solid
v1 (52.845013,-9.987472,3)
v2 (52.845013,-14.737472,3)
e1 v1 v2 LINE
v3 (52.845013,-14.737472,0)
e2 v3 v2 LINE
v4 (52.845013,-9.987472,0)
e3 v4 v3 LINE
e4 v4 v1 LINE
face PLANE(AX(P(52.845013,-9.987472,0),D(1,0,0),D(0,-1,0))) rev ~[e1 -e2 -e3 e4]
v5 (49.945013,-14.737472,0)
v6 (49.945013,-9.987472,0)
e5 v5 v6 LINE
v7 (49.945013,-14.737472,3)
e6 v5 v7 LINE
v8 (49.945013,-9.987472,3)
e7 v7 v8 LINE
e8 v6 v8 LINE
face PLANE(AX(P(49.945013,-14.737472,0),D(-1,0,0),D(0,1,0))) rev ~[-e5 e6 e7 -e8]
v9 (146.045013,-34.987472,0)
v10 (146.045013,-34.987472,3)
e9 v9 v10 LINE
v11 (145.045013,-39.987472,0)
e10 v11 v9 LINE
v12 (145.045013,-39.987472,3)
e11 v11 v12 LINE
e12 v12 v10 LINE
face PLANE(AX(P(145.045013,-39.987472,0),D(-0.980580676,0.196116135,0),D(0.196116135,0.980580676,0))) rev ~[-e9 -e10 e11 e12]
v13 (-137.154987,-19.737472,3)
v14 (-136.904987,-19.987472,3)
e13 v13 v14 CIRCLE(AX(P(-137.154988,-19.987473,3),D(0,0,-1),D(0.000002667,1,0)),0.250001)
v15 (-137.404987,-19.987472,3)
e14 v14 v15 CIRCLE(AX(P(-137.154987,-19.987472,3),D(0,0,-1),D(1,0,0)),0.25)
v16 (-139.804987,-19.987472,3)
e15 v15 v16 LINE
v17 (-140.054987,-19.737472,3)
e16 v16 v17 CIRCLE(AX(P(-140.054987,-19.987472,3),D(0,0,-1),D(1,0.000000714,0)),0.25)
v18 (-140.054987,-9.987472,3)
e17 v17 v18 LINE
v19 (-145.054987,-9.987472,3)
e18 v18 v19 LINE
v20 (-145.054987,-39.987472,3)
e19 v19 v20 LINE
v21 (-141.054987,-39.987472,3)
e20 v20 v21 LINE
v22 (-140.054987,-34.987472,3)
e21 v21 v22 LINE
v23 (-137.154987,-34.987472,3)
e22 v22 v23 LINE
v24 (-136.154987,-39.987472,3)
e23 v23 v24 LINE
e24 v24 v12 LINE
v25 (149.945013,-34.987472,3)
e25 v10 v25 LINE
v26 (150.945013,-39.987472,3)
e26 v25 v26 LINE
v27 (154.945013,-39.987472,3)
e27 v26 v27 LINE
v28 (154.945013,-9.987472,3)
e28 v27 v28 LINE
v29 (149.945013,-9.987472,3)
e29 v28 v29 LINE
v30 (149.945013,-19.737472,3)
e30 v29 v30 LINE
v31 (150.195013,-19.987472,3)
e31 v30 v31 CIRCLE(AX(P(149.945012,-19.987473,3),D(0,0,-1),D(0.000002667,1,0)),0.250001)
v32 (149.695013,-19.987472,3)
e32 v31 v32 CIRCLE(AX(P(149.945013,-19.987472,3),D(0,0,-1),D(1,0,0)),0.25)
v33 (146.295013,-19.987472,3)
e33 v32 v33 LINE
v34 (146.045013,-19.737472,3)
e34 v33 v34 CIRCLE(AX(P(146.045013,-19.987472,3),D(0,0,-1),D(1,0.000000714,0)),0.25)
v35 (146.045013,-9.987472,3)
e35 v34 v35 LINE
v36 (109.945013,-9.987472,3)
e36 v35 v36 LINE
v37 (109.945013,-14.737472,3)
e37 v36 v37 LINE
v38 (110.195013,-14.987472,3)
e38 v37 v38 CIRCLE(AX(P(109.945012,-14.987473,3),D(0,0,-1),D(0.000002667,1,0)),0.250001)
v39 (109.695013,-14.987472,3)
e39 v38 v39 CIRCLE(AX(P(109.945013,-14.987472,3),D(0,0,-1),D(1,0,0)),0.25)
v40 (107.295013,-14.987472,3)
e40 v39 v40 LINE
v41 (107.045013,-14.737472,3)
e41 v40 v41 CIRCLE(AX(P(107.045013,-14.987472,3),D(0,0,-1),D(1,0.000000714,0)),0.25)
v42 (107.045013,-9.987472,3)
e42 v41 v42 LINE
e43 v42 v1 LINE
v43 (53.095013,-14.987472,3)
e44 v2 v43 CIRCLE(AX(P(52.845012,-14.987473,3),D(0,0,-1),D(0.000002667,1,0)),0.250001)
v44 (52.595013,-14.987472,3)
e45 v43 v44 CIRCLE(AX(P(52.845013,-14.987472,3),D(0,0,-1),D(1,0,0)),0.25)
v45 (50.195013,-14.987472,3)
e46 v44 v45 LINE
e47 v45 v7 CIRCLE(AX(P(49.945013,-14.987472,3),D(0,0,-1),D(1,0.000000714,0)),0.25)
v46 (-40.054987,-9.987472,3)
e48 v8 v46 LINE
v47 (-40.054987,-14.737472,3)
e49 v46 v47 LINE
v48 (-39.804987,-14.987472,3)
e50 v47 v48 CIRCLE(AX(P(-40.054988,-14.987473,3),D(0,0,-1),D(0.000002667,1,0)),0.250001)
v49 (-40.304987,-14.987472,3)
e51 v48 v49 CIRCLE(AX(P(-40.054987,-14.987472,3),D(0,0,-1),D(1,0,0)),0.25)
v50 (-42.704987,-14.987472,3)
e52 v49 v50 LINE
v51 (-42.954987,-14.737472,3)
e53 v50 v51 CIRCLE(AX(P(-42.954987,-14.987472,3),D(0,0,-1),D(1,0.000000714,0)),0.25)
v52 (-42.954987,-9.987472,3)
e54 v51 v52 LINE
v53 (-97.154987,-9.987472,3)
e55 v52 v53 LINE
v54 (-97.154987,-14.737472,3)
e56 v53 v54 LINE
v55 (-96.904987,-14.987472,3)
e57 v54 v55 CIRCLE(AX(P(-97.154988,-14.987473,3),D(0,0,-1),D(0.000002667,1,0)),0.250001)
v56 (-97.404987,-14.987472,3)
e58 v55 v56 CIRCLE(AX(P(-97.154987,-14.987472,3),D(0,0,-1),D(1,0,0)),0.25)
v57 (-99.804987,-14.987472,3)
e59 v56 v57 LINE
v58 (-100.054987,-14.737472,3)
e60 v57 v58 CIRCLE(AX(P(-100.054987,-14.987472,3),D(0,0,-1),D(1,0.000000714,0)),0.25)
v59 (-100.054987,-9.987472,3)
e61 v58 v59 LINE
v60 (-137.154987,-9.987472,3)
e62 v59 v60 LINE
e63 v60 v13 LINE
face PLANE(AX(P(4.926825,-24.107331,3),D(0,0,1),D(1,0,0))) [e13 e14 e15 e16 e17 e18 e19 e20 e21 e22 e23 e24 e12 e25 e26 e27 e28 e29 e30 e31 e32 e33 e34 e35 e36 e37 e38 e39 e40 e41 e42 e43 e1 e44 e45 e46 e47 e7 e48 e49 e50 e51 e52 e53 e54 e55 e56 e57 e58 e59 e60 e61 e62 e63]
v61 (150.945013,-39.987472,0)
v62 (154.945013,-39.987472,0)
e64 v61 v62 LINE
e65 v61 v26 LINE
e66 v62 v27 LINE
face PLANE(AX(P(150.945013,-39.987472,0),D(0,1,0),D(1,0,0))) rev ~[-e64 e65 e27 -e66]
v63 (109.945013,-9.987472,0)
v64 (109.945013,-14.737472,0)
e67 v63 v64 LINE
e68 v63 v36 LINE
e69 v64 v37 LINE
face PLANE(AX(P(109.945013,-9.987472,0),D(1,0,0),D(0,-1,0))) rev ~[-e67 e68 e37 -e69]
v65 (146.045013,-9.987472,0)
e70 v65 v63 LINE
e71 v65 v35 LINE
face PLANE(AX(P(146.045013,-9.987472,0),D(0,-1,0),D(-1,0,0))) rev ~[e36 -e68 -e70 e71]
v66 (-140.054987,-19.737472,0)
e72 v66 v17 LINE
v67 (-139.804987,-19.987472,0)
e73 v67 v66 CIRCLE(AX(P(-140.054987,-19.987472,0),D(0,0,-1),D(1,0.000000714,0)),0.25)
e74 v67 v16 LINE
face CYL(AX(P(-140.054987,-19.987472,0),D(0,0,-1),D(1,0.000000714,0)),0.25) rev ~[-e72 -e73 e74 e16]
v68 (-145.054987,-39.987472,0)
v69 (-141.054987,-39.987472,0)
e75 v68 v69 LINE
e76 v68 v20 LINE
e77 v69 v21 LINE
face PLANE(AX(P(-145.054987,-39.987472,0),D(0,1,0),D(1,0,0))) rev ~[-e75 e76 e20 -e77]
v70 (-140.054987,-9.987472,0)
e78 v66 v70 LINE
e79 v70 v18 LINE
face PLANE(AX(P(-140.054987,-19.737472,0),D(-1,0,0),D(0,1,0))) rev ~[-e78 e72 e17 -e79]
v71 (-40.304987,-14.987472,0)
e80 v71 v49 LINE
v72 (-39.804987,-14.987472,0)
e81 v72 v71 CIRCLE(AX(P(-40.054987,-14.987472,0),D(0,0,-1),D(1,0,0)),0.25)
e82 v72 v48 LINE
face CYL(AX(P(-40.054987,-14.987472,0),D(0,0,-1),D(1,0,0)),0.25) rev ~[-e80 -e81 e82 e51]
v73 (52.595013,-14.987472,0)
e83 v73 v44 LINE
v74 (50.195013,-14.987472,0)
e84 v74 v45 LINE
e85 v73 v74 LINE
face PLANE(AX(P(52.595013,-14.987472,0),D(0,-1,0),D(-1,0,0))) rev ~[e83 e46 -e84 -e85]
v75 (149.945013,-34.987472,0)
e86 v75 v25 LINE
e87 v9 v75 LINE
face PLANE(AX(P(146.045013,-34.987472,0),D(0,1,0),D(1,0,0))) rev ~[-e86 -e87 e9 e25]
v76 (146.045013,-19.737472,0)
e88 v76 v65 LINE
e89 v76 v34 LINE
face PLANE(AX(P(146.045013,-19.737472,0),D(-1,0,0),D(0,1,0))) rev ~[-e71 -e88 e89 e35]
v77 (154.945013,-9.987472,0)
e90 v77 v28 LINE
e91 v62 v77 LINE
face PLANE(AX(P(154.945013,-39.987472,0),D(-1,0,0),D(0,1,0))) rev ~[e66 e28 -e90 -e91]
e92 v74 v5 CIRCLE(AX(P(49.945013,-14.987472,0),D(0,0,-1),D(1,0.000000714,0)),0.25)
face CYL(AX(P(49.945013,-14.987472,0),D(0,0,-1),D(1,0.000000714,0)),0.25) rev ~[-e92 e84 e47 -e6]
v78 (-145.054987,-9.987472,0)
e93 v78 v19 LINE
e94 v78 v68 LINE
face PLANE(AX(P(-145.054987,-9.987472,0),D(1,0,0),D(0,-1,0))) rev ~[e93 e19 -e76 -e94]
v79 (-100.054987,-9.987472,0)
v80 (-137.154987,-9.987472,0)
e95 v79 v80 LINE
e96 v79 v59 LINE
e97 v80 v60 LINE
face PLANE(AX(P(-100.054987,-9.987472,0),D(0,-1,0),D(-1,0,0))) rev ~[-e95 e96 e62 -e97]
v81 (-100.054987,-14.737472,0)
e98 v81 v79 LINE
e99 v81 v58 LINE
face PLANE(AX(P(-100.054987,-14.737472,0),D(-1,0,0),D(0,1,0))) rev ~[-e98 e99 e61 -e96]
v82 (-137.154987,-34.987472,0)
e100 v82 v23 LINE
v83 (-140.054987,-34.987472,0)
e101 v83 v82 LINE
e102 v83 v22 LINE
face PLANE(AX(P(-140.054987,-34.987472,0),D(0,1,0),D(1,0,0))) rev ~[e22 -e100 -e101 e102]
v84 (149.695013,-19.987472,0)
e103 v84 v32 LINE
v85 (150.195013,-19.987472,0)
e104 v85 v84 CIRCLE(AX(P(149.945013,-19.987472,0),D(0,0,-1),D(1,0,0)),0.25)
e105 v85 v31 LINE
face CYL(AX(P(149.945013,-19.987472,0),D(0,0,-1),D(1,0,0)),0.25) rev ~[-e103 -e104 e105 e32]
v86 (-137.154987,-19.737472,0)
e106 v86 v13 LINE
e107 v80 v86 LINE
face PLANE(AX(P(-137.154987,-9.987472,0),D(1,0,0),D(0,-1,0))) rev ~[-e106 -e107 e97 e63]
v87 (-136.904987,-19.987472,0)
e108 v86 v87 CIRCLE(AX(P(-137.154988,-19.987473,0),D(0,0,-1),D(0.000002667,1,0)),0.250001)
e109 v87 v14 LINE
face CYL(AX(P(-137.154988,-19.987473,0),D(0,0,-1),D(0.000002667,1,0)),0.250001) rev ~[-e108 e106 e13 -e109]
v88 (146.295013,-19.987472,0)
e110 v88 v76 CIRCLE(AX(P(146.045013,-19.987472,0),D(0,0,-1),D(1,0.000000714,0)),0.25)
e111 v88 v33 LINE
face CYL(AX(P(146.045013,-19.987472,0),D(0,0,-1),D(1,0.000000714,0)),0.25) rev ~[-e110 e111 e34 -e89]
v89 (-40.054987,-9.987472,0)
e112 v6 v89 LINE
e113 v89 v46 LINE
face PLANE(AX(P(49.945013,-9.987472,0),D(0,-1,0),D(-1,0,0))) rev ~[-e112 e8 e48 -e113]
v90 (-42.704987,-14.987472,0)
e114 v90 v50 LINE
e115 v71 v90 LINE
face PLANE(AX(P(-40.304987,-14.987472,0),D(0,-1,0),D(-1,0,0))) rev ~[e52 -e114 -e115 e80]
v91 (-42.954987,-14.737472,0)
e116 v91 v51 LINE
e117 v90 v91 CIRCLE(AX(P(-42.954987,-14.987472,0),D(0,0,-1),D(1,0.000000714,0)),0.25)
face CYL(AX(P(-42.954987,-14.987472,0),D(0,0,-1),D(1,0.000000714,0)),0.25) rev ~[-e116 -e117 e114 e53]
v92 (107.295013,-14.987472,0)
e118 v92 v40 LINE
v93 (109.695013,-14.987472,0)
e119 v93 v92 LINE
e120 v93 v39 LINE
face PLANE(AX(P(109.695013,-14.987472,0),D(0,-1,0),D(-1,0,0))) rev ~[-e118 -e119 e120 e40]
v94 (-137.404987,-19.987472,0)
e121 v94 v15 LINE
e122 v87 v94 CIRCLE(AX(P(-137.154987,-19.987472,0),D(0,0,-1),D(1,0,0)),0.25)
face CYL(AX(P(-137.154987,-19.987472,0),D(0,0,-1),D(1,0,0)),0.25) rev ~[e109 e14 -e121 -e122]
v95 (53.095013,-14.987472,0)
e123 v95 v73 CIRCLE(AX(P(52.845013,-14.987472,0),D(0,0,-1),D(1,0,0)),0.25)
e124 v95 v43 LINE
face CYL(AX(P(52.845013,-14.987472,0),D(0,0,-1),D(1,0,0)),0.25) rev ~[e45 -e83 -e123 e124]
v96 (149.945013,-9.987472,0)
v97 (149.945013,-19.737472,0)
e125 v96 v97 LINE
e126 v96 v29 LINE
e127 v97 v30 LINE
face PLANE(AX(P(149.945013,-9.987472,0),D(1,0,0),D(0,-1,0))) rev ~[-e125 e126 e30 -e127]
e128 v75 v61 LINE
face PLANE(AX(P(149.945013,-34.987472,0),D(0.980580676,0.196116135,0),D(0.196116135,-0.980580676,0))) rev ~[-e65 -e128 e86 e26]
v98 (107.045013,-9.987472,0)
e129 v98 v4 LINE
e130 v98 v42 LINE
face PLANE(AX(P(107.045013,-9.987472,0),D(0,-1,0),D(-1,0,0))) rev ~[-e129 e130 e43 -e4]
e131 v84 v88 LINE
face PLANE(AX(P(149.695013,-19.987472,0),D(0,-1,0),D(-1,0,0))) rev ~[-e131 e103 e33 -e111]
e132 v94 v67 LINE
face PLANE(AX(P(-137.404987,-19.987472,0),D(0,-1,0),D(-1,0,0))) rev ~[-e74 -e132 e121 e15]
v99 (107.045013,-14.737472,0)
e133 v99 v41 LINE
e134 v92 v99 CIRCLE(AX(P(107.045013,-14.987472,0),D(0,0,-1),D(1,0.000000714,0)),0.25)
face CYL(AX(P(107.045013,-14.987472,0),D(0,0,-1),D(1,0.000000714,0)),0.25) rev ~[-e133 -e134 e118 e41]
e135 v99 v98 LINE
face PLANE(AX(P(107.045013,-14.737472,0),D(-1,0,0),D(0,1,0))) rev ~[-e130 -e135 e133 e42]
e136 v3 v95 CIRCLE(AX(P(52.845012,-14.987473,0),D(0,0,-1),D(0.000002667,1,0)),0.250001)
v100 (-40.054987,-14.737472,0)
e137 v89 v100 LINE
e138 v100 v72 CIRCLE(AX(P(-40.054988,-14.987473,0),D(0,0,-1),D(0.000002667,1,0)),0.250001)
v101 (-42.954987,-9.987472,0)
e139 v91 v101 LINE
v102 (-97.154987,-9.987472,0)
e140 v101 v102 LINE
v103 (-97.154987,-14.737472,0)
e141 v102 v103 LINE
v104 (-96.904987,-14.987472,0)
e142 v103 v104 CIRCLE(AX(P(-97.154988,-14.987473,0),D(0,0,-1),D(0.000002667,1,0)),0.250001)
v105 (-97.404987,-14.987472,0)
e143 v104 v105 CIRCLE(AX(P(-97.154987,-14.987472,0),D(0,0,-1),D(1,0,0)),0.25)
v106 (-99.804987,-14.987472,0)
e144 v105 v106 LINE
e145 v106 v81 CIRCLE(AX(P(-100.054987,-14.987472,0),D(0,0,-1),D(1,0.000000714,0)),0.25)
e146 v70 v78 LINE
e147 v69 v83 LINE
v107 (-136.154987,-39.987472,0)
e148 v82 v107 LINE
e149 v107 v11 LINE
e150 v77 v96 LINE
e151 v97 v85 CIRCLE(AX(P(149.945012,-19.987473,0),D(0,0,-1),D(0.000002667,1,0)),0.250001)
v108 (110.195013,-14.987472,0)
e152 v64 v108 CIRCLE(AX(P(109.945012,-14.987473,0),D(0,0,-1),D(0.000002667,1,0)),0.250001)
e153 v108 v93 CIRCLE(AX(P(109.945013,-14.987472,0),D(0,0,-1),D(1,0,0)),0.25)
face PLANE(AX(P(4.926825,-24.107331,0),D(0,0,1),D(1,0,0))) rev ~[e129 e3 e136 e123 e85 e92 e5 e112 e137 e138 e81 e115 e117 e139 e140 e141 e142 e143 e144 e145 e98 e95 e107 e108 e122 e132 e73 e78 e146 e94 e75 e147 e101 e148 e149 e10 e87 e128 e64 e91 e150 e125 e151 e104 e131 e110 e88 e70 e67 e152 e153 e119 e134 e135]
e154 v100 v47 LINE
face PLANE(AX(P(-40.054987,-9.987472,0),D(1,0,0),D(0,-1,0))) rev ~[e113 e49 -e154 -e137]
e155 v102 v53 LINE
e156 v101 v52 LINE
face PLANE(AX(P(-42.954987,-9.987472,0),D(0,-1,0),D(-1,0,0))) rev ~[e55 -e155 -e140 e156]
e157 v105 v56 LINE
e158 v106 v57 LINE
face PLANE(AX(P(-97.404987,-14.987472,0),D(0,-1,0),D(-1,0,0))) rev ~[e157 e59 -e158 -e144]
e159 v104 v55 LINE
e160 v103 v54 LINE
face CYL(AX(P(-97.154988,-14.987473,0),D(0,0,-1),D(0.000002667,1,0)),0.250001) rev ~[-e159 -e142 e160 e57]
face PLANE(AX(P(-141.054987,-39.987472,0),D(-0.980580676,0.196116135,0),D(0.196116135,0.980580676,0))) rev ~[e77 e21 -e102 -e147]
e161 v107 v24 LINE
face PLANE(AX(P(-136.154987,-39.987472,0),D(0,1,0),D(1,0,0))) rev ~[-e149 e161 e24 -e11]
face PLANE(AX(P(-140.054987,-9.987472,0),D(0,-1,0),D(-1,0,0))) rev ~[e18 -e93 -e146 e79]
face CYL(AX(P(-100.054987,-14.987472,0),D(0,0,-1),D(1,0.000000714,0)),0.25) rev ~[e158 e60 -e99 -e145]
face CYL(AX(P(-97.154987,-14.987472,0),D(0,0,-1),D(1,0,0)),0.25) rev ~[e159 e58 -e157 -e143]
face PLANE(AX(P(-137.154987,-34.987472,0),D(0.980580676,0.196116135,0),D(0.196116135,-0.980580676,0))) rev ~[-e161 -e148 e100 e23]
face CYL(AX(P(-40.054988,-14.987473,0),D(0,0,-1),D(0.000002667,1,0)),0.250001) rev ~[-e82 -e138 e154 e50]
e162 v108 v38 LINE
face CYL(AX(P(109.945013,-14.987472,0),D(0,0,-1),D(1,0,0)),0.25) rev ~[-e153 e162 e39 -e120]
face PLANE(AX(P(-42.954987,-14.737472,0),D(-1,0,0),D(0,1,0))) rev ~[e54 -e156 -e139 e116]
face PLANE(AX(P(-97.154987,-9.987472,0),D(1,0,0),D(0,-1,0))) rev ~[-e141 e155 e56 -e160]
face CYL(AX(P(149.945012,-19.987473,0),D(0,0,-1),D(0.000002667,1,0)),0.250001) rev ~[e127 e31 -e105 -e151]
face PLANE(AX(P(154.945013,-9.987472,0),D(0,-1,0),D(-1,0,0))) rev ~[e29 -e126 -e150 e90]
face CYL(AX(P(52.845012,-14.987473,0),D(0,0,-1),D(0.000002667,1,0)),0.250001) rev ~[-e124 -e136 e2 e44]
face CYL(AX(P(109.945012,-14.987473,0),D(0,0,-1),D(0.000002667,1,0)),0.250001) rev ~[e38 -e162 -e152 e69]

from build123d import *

# Parameters (mm, degrees)
F1_DEPTH = 3


with BuildPart() as f1:
    # F0 (on Top) → F1 (new body)
    with BuildSketch(Plane.XY):
        with BuildLine():
            Line((-140.054987, -9.987472), (-145.054987, -9.987472))
            Line((-145.054987, -9.987472), (-145.054987, -39.987472))
            Line((-145.054987, -39.987472), (-141.054987, -39.987472))
            Line((-141.054987, -39.987472), (-140.054987, -34.987472))
            Line((-140.054987, -34.987472), (-137.154987, -34.987472))
            Line((-137.154987, -34.987472), (-136.154987, -39.987472))
            Line((-136.154987, -39.987472), (145.045013, -39.987472))
            Line((145.045013, -39.987472), (146.045013, -34.987472))
            Line((146.045013, -34.987472), (149.945013, -34.987472))
            Line((149.945013, -34.987472), (150.945013, -39.987472))
            Line((150.945013, -39.987472), (154.945013, -39.987472))
            Line((154.945013, -39.987472), (154.945013, -9.987472))
            Line((154.945013, -9.987472), (149.945013, -9.987472))
            Line((149.945013, -9.987472), (149.945013, -19.737472))
            ThreePointArc((149.945013, -19.737472), (150.121789, -19.810695), (150.195013, -19.987472))
            ThreePointArc((150.195013, -19.987472), (149.945013, -20.237472), (149.695013, -19.987472))
            Line((149.695013, -19.987472), (146.295013, -19.987472))
            ThreePointArc((146.295013, -19.987472), (145.868236, -20.164249), (146.045013, -19.737472))
            Line((146.045013, -19.737472), (146.045013, -9.987472))
            Line((146.045013, -9.987472), (109.945013, -9.987472))
            Line((109.945013, -9.987472), (109.945013, -14.737472))
            ThreePointArc((109.945013, -14.737472), (110.121789, -14.810695), (110.195013, -14.987472))
            ThreePointArc((110.195013, -14.987472), (109.945013, -15.237472), (109.695013, -14.987472))
            Line((109.695013, -14.987472), (107.295013, -14.987472))
            ThreePointArc((107.295013, -14.987472), (106.868236, -15.164249), (107.045013, -14.737472))
            Line((107.045013, -14.737472), (107.045013, -9.987472))
            Line((107.045013, -9.987472), (52.845013, -9.987472))
            Line((52.845013, -9.987472), (52.845013, -14.737472))
            ThreePointArc((52.845013, -14.737472), (53.021789, -14.810695), (53.095013, -14.987472))
            ThreePointArc((53.095013, -14.987472), (52.845013, -15.237472), (52.595013, -14.987472))
            Line((52.595013, -14.987472), (50.195013, -14.987472))
            ThreePointArc((50.195013, -14.987472), (49.768236, -15.164249), (49.945013, -14.737472))
            Line((49.945013, -14.737472), (49.945013, -9.987472))
            Line((49.945013, -9.987472), (-40.054987, -9.987472))
            Line((-40.054987, -9.987472), (-40.054987, -14.737472))
            ThreePointArc((-40.054987, -14.737472), (-39.878211, -14.810695), (-39.804987, -14.987472))
            ThreePointArc((-39.804987, -14.987472), (-40.054987, -15.237472), (-40.304987, -14.987472))
            Line((-40.304987, -14.987472), (-42.704987, -14.987472))
            ThreePointArc((-42.704987, -14.987472), (-43.131764, -15.164249), (-42.954987, -14.737472))
            Line((-42.954987, -14.737472), (-42.954987, -9.987472))
            Line((-42.954987, -9.987472), (-97.154987, -9.987472))
            Line((-97.154987, -9.987472), (-97.154987, -14.737472))
            ThreePointArc((-97.154987, -14.737472), (-96.978211, -14.810695), (-96.904987, -14.987472))
            ThreePointArc((-96.904987, -14.987472), (-97.154987, -15.237472), (-97.404987, -14.987472))
            Line((-97.404987, -14.987472), (-99.804987, -14.987472))
            ThreePointArc((-99.804987, -14.987472), (-100.231764, -15.164249), (-100.054987, -14.737472))
            Line((-100.054987, -14.737472), (-100.054987, -9.987472))
            Line((-100.054987, -9.987472), (-137.154987, -9.987472))
            Line((-137.154987, -9.987472), (-137.154987, -19.737472))
            ThreePointArc((-137.154987, -19.737472), (-136.978211, -19.810695), (-136.904987, -19.987472))
            ThreePointArc((-136.904987, -19.987472), (-137.154987, -20.237472), (-137.404987, -19.987472))
            Line((-137.404987, -19.987472), (-139.804987, -19.987472))
            ThreePointArc((-139.804987, -19.987472), (-140.231764, -20.164249), (-140.054987, -19.737472))
            Line((-140.054987, -19.737472), (-140.054987, -9.987472))
        make_face()
    extrude(amount=F1_DEPTH)


solid = f1.part
